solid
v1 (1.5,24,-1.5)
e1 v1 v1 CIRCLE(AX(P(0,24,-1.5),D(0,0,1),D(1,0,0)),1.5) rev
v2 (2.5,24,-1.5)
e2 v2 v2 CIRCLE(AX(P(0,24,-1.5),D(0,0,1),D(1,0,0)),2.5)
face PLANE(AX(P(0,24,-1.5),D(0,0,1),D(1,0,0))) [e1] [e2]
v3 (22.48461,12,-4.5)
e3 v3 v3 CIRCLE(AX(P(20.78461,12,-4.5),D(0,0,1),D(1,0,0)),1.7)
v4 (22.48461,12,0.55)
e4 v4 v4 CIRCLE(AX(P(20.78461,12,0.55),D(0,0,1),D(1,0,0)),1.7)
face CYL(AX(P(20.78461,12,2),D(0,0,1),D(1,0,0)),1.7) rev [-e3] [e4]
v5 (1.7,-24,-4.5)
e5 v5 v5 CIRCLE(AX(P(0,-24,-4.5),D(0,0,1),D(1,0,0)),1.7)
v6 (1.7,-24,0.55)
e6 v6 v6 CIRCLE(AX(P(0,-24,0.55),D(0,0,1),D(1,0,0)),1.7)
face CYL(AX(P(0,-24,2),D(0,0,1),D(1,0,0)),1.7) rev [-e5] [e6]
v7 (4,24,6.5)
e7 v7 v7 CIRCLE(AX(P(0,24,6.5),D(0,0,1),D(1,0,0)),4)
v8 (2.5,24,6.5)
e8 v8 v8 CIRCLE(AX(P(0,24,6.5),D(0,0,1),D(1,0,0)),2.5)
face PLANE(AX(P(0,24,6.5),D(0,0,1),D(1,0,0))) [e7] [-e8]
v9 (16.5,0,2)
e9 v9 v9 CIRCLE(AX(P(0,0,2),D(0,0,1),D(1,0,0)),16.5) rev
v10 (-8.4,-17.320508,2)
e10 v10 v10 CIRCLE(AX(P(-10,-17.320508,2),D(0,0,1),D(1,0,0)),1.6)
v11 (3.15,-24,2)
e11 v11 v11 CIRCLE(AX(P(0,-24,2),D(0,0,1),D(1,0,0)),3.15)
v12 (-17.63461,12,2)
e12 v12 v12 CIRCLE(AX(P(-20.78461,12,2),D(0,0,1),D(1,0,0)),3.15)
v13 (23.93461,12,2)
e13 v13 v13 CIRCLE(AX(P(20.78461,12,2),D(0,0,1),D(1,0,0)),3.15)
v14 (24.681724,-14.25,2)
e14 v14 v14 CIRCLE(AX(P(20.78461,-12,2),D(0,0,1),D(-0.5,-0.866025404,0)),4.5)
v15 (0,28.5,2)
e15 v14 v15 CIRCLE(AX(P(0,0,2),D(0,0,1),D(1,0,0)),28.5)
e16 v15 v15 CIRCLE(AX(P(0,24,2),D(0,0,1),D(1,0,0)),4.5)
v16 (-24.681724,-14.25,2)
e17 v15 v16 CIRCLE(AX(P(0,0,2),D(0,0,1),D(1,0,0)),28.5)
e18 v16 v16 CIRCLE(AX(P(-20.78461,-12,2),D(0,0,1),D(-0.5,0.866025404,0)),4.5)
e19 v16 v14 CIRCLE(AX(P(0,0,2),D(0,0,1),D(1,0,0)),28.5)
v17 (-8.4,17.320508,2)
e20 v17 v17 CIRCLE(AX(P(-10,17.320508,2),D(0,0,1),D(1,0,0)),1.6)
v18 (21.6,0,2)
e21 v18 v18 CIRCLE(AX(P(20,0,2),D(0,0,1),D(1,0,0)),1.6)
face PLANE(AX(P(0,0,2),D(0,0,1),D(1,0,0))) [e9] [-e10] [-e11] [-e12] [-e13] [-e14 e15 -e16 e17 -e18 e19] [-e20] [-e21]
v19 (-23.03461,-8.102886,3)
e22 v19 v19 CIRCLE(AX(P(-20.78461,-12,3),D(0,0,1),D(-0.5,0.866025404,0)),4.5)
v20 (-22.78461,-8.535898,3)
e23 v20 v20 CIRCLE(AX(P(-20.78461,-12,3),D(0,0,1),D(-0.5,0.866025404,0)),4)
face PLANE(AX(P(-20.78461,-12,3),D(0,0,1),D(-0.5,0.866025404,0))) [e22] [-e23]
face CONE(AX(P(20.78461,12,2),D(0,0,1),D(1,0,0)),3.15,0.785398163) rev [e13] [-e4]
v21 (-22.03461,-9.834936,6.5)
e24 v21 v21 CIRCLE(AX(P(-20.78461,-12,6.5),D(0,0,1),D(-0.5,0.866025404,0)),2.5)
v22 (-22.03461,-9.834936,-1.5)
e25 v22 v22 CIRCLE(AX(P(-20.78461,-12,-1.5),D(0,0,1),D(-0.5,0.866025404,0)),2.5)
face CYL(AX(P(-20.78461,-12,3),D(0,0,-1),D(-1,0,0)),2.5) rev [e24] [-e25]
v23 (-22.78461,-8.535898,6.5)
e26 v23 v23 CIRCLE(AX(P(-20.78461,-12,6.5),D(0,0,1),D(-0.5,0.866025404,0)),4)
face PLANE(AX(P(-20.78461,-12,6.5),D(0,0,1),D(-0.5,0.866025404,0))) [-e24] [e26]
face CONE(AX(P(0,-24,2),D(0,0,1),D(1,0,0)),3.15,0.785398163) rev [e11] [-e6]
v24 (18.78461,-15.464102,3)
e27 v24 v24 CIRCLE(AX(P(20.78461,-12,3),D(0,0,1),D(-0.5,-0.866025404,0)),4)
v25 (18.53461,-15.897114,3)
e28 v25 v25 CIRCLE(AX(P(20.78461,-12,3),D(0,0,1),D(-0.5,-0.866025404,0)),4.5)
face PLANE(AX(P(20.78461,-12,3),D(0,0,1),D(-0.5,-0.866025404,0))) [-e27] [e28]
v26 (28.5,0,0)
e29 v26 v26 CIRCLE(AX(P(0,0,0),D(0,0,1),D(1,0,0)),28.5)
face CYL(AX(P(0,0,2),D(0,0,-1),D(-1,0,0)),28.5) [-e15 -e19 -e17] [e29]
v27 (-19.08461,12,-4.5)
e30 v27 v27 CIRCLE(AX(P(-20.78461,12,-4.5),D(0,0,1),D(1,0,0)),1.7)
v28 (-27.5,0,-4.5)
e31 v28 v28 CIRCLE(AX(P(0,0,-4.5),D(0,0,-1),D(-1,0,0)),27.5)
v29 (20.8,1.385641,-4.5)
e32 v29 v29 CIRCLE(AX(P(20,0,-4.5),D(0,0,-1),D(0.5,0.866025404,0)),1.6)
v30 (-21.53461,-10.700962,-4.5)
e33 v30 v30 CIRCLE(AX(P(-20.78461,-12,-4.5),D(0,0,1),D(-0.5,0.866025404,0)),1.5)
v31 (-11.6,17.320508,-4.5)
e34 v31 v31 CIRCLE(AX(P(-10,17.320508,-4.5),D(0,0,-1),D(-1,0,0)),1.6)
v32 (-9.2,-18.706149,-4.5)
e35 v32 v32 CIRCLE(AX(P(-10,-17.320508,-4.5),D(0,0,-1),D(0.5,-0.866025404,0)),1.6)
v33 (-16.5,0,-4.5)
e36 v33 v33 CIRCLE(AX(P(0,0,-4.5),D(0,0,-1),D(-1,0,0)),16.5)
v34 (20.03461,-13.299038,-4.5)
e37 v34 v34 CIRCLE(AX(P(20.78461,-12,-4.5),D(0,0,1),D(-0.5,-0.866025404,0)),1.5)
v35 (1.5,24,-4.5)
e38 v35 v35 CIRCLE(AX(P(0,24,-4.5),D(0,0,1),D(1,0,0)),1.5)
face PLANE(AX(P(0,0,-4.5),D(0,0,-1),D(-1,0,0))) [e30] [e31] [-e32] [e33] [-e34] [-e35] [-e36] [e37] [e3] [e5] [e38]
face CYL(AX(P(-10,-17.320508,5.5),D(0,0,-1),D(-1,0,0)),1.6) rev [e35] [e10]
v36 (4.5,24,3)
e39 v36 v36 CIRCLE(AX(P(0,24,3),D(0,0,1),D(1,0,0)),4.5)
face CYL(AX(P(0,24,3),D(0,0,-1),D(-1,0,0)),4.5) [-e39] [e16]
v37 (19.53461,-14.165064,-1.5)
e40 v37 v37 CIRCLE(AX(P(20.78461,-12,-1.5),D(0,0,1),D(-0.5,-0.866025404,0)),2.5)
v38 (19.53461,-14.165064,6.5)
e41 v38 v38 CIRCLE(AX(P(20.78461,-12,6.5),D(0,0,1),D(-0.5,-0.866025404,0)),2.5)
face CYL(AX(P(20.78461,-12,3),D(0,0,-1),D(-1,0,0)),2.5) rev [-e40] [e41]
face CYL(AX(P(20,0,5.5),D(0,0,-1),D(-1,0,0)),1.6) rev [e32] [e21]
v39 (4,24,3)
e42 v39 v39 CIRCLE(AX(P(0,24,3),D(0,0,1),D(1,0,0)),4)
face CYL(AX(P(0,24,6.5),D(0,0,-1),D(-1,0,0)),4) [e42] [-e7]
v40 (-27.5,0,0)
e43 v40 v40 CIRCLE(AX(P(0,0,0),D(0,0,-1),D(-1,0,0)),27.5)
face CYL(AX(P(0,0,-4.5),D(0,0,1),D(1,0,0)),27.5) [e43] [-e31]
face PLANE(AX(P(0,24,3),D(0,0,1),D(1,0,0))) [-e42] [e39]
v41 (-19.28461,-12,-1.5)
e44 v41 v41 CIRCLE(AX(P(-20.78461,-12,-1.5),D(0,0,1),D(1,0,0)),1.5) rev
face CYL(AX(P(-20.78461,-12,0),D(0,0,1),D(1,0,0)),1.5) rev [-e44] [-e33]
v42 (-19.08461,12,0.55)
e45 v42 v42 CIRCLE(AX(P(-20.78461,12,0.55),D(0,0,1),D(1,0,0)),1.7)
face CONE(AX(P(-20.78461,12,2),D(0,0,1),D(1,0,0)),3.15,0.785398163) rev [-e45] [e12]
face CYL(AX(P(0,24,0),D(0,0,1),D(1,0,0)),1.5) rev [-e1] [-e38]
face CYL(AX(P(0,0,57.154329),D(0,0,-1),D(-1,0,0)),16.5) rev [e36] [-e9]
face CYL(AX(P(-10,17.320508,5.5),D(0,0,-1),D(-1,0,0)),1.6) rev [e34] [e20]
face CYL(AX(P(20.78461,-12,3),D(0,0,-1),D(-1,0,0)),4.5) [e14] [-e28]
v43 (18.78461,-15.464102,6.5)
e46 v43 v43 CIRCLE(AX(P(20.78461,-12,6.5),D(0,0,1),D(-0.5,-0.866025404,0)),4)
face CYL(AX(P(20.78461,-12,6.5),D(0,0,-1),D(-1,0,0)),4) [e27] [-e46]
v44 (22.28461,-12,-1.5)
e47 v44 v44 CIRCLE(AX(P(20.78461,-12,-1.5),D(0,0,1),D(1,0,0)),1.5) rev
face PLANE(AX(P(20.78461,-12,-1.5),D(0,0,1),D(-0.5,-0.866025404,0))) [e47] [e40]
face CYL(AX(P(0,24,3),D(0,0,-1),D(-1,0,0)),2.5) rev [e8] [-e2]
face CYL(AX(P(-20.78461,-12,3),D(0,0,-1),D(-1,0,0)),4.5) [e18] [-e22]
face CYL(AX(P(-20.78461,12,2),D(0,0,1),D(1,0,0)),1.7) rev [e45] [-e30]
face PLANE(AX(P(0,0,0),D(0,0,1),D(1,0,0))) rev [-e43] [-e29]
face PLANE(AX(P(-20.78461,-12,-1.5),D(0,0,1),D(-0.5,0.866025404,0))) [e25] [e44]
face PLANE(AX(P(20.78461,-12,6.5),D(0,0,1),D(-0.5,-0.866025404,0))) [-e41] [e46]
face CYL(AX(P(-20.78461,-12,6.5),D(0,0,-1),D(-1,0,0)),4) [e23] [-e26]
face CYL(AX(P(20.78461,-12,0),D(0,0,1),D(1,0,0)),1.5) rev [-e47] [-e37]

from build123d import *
from build123d.topology import SkipClean

# Parameters (mm, degrees)
SKETCH1_R                                       = 28.5
SKETCH1_R_2                                     = 19.5
BOSS_EXTRUDE1_DEPTH                             = 2
SKETCH2_R                                       = 1.5
CUT_EXTRUDE1_DEPTH                              = 41.354677548
CIRPATTERN1_COUNT                               = 3
BOSS_EXTRUDE2_START                             = 4.5
SKETCH3_R                                       = 27.5
SKETCH3_R_2                                     = 19.5
BOSS_EXTRUDE2_DEPTH                             = 4.5
SKETCH4_R                                       = 4.5
SKETCH4_R_2                                     = 2.5
BOSS_EXTRUDE3_DEPTH                             = 1
SKETCH5_R                                       = 4
SKETCH5_R_2                                     = 2.5
BOSS_EXTRUDE4_DEPTH                             = 3.5
CIRPATTERN6_COUNT                               = 3
SKETCH8_R                                       = 1.5
CUT_EXTRUDE4_DEPTH                              = 41.825849654
CIRPATTERN7_COUNT                               = 3
SKETCH9_R                                       = 1.5
CUT_EXTRUDE5_DEPTH                              = 42.779181419
CIRPATTERN8_COUNT                               = 6
CUT_EXTRUDE6_START                              = -3.5
SKETCH10_R                                      = 2.5
CUT_EXTRUDE6_DEPTH                              = 3.5
CIRPATTERN9_COUNT                               = 3
SKETCH11_R                                      = 19.5
SKETCH11_R_2                                    = 16.5
BOSS_EXTRUDE5_DEPTH                             = 6.5
SKETCH12_R                                      = 1.6
CUT_EXTRUDE7_DEPTH                              = 10
CIRPATTERN10_COUNT                              = 3
CSK_FOR_M3_FLAT_HEAD_MACHINE_SCREW1_D           = 3.4
CSK_FOR_M3_FLAT_HEAD_MACHINE_SCREW1_CSINK_D     = 6.3
CSK_FOR_M3_FLAT_HEAD_MACHINE_SCREW1_CSINK_ANGLE = 90


with BuildPart() as part:
    # Sketch1 → Boss-Extrude1 (new body)
    with BuildSketch(Plane.XY):
        Circle(SKETCH1_R)
        Circle(SKETCH1_R_2, mode=Mode.SUBTRACT)
    extrude(amount=BOSS_EXTRUDE1_DEPTH)

    # Sketch2 → Cut-Extrude1 (cut, through all)
    with BuildSketch(Plane.XY.offset(2)):
        with Locations((0, 24)):
            Circle(SKETCH2_R)
    cut_extrude1 = extrude(amount=-CUT_EXTRUDE1_DEPTH, mode=Mode.SUBTRACT)

    # CirPattern1: Cut-Extrude1 ×3 about axis
    cirpattern1_axis = Axis((0, 0, 0), (0, 0, 1))
    for i in range(1, CIRPATTERN1_COUNT):
        add(cut_extrude1.rotate(cirpattern1_axis, i * 360 / CIRPATTERN1_COUNT), mode=Mode.SUBTRACT)

    # Sketch3 → Boss-Extrude2 (add)
    with SkipClean():  # the faces are left unmerged after this step: merging them gives an invalid solid
        with BuildSketch(Plane(origin=(0, 0, 0), x_dir=(-1, 0, 0), z_dir=(0, 0, -1)).offset(BOSS_EXTRUDE2_START)):
            Circle(SKETCH3_R)
            Circle(SKETCH3_R_2, mode=Mode.SUBTRACT)
        extrude(amount=-BOSS_EXTRUDE2_DEPTH)

    # Sketch4 → Boss-Extrude3 (add)
    with SkipClean():  # the faces are left unmerged after this step: merging them gives an invalid solid
        with BuildSketch(Plane.XY.offset(2)):
            with Locations(Location((0, 24, 0), (0, 0, 269.999655686))):
                Circle(SKETCH4_R)
            with Locations((0, 24)):
                Circle(SKETCH4_R_2, mode=Mode.SUBTRACT)
        boss_extrude3 = extrude(amount=BOSS_EXTRUDE3_DEPTH)

    # Sketch5 → Boss-Extrude4 (add)
    with SkipClean():  # the faces are left unmerged after this step: merging them gives an invalid solid
        with BuildSketch(Plane.XY.offset(3)):
            with Locations((0, 24)):
                Circle(SKETCH5_R)
            with Locations((0, 24)):
                Circle(SKETCH5_R_2, mode=Mode.SUBTRACT)
        boss_extrude4 = extrude(amount=BOSS_EXTRUDE4_DEPTH)

    # CirPattern6: Boss-Extrude3, Boss-Extrude4 ×3 about axis
    with SkipClean():  # the faces are left unmerged after this step: merging them gives an invalid solid
        cirpattern6_axis = Axis((0, 0, 0), (0, 0, 1))
        add([boss_extrude3.rotate(cirpattern6_axis, i * 360 / CIRPATTERN6_COUNT) for i in range(1, CIRPATTERN6_COUNT)])
        add([boss_extrude4.rotate(cirpattern6_axis, i * 360 / CIRPATTERN6_COUNT) for i in range(1, CIRPATTERN6_COUNT)])

    # Sketch8 → Cut-Extrude4 (cut, through all)
    with SkipClean():  # the faces are left unmerged after this step: merging them gives an invalid solid
        with BuildSketch(Plane.XY):
            with Locations((0, 24)):
                Circle(SKETCH8_R)
        cut_extrude4 = extrude(amount=-CUT_EXTRUDE4_DEPTH, mode=Mode.SUBTRACT)

    # CirPattern7: Cut-Extrude4 ×3 about axis
    with SkipClean():  # the faces are left unmerged after this step: merging them gives an invalid solid
        cirpattern7_axis = Axis((0, 0, 0), (0, 0, 1))
        for i in range(1, CIRPATTERN7_COUNT):
            add(cut_extrude4.rotate(cirpattern7_axis, i * 360 / CIRPATTERN7_COUNT), mode=Mode.SUBTRACT)

    # Sketch9 → Cut-Extrude5 (cut, through all)
    with SkipClean():  # the faces are left unmerged after this step: merging them gives an invalid solid
        with BuildSketch(Plane(origin=(0, 0, -4.5), x_dir=(-1, 0, 0), z_dir=(0, 0, -1))):
            with Locations((-20.784609691, 12)):
                Circle(SKETCH9_R)
        cut_extrude5 = extrude(amount=-CUT_EXTRUDE5_DEPTH, mode=Mode.SUBTRACT)

    # CirPattern8: Cut-Extrude5 ×6 about axis, 3 skipped
    with SkipClean():  # the faces are left unmerged after this step: merging them gives an invalid solid
        cirpattern8_axis = Axis((0, 0, -4.5), (0, 0, -1))
        add([cut_extrude5.rotate(cirpattern8_axis, i * 360 / CIRPATTERN8_COUNT) for i in range(1, CIRPATTERN8_COUNT) if i not in (1, 3, 5)], mode=Mode.SUBTRACT)

    # Sketch10 → Cut-Extrude6 (cut)
    with SkipClean():  # the faces are left unmerged after this step: merging them gives an invalid solid
        with BuildSketch(Plane.XY.offset(2).offset(CUT_EXTRUDE6_START)):
            with Locations((0, 24)):
                Circle(SKETCH10_R)
        cut_extrude6 = extrude(amount=CUT_EXTRUDE6_DEPTH, mode=Mode.SUBTRACT)

    # CirPattern9: Cut-Extrude6 ×3 about axis
    with SkipClean():  # the faces are left unmerged after this step: merging them gives an invalid solid
        cirpattern9_axis = Axis((0, 0, 0), (0, 0, -1))
        for i in range(1, CIRPATTERN9_COUNT):
            add(cut_extrude6.rotate(cirpattern9_axis, i * 360 / CIRPATTERN9_COUNT), mode=Mode.SUBTRACT)

    # Sketch11 → Boss-Extrude5 (add)
    with SkipClean():  # the faces are left unmerged after this step: merging them gives an invalid solid
        with BuildSketch(Plane(origin=(0, 0, -4.5), x_dir=(-1, 0, 0), z_dir=(0, 0, -1))):
            Circle(SKETCH11_R)
            Circle(SKETCH11_R_2, mode=Mode.SUBTRACT)
        extrude(amount=-BOSS_EXTRUDE5_DEPTH)

    # Sketch12 → Cut-Extrude7 (cut)
    with SkipClean():  # the faces are left unmerged after this step: merging them gives an invalid solid
        with BuildSketch(Plane(origin=(0, 0, -4.5), x_dir=(-1, 0, 0), z_dir=(0, 0, -1))):
            with Locations((10, 17.320508076)):
                Circle(SKETCH12_R)
        cut_extrude7 = extrude(amount=-CUT_EXTRUDE7_DEPTH, mode=Mode.SUBTRACT)

    # CirPattern10: Cut-Extrude7 ×3 about axis
    with SkipClean():  # the faces are left unmerged after this step: merging them gives an invalid solid
        cirpattern10_axis = Axis((0, 0, 0), (0, 0, 1))
        for i in range(1, CIRPATTERN10_COUNT):
            add(cut_extrude7.rotate(cirpattern10_axis, i * 360 / CIRPATTERN10_COUNT), mode=Mode.SUBTRACT)

    # CSK for M3 Flat Head Machine Screw1 (through all)
    with Locations(Plane(origin=(-20.784609691, 12, 2), x_dir=(1, 0, 0), z_dir=(0, 0, 1))):
        with Locations((0, 0), (41.569219382, 0), (20.784609691, -36)):
            CounterSinkHole(CSK_FOR_M3_FLAT_HEAD_MACHINE_SCREW1_D / 2, CSK_FOR_M3_FLAT_HEAD_MACHINE_SCREW1_CSINK_D / 2, counter_sink_angle=CSK_FOR_M3_FLAT_HEAD_MACHINE_SCREW1_CSINK_ANGLE)


solid = part.part
